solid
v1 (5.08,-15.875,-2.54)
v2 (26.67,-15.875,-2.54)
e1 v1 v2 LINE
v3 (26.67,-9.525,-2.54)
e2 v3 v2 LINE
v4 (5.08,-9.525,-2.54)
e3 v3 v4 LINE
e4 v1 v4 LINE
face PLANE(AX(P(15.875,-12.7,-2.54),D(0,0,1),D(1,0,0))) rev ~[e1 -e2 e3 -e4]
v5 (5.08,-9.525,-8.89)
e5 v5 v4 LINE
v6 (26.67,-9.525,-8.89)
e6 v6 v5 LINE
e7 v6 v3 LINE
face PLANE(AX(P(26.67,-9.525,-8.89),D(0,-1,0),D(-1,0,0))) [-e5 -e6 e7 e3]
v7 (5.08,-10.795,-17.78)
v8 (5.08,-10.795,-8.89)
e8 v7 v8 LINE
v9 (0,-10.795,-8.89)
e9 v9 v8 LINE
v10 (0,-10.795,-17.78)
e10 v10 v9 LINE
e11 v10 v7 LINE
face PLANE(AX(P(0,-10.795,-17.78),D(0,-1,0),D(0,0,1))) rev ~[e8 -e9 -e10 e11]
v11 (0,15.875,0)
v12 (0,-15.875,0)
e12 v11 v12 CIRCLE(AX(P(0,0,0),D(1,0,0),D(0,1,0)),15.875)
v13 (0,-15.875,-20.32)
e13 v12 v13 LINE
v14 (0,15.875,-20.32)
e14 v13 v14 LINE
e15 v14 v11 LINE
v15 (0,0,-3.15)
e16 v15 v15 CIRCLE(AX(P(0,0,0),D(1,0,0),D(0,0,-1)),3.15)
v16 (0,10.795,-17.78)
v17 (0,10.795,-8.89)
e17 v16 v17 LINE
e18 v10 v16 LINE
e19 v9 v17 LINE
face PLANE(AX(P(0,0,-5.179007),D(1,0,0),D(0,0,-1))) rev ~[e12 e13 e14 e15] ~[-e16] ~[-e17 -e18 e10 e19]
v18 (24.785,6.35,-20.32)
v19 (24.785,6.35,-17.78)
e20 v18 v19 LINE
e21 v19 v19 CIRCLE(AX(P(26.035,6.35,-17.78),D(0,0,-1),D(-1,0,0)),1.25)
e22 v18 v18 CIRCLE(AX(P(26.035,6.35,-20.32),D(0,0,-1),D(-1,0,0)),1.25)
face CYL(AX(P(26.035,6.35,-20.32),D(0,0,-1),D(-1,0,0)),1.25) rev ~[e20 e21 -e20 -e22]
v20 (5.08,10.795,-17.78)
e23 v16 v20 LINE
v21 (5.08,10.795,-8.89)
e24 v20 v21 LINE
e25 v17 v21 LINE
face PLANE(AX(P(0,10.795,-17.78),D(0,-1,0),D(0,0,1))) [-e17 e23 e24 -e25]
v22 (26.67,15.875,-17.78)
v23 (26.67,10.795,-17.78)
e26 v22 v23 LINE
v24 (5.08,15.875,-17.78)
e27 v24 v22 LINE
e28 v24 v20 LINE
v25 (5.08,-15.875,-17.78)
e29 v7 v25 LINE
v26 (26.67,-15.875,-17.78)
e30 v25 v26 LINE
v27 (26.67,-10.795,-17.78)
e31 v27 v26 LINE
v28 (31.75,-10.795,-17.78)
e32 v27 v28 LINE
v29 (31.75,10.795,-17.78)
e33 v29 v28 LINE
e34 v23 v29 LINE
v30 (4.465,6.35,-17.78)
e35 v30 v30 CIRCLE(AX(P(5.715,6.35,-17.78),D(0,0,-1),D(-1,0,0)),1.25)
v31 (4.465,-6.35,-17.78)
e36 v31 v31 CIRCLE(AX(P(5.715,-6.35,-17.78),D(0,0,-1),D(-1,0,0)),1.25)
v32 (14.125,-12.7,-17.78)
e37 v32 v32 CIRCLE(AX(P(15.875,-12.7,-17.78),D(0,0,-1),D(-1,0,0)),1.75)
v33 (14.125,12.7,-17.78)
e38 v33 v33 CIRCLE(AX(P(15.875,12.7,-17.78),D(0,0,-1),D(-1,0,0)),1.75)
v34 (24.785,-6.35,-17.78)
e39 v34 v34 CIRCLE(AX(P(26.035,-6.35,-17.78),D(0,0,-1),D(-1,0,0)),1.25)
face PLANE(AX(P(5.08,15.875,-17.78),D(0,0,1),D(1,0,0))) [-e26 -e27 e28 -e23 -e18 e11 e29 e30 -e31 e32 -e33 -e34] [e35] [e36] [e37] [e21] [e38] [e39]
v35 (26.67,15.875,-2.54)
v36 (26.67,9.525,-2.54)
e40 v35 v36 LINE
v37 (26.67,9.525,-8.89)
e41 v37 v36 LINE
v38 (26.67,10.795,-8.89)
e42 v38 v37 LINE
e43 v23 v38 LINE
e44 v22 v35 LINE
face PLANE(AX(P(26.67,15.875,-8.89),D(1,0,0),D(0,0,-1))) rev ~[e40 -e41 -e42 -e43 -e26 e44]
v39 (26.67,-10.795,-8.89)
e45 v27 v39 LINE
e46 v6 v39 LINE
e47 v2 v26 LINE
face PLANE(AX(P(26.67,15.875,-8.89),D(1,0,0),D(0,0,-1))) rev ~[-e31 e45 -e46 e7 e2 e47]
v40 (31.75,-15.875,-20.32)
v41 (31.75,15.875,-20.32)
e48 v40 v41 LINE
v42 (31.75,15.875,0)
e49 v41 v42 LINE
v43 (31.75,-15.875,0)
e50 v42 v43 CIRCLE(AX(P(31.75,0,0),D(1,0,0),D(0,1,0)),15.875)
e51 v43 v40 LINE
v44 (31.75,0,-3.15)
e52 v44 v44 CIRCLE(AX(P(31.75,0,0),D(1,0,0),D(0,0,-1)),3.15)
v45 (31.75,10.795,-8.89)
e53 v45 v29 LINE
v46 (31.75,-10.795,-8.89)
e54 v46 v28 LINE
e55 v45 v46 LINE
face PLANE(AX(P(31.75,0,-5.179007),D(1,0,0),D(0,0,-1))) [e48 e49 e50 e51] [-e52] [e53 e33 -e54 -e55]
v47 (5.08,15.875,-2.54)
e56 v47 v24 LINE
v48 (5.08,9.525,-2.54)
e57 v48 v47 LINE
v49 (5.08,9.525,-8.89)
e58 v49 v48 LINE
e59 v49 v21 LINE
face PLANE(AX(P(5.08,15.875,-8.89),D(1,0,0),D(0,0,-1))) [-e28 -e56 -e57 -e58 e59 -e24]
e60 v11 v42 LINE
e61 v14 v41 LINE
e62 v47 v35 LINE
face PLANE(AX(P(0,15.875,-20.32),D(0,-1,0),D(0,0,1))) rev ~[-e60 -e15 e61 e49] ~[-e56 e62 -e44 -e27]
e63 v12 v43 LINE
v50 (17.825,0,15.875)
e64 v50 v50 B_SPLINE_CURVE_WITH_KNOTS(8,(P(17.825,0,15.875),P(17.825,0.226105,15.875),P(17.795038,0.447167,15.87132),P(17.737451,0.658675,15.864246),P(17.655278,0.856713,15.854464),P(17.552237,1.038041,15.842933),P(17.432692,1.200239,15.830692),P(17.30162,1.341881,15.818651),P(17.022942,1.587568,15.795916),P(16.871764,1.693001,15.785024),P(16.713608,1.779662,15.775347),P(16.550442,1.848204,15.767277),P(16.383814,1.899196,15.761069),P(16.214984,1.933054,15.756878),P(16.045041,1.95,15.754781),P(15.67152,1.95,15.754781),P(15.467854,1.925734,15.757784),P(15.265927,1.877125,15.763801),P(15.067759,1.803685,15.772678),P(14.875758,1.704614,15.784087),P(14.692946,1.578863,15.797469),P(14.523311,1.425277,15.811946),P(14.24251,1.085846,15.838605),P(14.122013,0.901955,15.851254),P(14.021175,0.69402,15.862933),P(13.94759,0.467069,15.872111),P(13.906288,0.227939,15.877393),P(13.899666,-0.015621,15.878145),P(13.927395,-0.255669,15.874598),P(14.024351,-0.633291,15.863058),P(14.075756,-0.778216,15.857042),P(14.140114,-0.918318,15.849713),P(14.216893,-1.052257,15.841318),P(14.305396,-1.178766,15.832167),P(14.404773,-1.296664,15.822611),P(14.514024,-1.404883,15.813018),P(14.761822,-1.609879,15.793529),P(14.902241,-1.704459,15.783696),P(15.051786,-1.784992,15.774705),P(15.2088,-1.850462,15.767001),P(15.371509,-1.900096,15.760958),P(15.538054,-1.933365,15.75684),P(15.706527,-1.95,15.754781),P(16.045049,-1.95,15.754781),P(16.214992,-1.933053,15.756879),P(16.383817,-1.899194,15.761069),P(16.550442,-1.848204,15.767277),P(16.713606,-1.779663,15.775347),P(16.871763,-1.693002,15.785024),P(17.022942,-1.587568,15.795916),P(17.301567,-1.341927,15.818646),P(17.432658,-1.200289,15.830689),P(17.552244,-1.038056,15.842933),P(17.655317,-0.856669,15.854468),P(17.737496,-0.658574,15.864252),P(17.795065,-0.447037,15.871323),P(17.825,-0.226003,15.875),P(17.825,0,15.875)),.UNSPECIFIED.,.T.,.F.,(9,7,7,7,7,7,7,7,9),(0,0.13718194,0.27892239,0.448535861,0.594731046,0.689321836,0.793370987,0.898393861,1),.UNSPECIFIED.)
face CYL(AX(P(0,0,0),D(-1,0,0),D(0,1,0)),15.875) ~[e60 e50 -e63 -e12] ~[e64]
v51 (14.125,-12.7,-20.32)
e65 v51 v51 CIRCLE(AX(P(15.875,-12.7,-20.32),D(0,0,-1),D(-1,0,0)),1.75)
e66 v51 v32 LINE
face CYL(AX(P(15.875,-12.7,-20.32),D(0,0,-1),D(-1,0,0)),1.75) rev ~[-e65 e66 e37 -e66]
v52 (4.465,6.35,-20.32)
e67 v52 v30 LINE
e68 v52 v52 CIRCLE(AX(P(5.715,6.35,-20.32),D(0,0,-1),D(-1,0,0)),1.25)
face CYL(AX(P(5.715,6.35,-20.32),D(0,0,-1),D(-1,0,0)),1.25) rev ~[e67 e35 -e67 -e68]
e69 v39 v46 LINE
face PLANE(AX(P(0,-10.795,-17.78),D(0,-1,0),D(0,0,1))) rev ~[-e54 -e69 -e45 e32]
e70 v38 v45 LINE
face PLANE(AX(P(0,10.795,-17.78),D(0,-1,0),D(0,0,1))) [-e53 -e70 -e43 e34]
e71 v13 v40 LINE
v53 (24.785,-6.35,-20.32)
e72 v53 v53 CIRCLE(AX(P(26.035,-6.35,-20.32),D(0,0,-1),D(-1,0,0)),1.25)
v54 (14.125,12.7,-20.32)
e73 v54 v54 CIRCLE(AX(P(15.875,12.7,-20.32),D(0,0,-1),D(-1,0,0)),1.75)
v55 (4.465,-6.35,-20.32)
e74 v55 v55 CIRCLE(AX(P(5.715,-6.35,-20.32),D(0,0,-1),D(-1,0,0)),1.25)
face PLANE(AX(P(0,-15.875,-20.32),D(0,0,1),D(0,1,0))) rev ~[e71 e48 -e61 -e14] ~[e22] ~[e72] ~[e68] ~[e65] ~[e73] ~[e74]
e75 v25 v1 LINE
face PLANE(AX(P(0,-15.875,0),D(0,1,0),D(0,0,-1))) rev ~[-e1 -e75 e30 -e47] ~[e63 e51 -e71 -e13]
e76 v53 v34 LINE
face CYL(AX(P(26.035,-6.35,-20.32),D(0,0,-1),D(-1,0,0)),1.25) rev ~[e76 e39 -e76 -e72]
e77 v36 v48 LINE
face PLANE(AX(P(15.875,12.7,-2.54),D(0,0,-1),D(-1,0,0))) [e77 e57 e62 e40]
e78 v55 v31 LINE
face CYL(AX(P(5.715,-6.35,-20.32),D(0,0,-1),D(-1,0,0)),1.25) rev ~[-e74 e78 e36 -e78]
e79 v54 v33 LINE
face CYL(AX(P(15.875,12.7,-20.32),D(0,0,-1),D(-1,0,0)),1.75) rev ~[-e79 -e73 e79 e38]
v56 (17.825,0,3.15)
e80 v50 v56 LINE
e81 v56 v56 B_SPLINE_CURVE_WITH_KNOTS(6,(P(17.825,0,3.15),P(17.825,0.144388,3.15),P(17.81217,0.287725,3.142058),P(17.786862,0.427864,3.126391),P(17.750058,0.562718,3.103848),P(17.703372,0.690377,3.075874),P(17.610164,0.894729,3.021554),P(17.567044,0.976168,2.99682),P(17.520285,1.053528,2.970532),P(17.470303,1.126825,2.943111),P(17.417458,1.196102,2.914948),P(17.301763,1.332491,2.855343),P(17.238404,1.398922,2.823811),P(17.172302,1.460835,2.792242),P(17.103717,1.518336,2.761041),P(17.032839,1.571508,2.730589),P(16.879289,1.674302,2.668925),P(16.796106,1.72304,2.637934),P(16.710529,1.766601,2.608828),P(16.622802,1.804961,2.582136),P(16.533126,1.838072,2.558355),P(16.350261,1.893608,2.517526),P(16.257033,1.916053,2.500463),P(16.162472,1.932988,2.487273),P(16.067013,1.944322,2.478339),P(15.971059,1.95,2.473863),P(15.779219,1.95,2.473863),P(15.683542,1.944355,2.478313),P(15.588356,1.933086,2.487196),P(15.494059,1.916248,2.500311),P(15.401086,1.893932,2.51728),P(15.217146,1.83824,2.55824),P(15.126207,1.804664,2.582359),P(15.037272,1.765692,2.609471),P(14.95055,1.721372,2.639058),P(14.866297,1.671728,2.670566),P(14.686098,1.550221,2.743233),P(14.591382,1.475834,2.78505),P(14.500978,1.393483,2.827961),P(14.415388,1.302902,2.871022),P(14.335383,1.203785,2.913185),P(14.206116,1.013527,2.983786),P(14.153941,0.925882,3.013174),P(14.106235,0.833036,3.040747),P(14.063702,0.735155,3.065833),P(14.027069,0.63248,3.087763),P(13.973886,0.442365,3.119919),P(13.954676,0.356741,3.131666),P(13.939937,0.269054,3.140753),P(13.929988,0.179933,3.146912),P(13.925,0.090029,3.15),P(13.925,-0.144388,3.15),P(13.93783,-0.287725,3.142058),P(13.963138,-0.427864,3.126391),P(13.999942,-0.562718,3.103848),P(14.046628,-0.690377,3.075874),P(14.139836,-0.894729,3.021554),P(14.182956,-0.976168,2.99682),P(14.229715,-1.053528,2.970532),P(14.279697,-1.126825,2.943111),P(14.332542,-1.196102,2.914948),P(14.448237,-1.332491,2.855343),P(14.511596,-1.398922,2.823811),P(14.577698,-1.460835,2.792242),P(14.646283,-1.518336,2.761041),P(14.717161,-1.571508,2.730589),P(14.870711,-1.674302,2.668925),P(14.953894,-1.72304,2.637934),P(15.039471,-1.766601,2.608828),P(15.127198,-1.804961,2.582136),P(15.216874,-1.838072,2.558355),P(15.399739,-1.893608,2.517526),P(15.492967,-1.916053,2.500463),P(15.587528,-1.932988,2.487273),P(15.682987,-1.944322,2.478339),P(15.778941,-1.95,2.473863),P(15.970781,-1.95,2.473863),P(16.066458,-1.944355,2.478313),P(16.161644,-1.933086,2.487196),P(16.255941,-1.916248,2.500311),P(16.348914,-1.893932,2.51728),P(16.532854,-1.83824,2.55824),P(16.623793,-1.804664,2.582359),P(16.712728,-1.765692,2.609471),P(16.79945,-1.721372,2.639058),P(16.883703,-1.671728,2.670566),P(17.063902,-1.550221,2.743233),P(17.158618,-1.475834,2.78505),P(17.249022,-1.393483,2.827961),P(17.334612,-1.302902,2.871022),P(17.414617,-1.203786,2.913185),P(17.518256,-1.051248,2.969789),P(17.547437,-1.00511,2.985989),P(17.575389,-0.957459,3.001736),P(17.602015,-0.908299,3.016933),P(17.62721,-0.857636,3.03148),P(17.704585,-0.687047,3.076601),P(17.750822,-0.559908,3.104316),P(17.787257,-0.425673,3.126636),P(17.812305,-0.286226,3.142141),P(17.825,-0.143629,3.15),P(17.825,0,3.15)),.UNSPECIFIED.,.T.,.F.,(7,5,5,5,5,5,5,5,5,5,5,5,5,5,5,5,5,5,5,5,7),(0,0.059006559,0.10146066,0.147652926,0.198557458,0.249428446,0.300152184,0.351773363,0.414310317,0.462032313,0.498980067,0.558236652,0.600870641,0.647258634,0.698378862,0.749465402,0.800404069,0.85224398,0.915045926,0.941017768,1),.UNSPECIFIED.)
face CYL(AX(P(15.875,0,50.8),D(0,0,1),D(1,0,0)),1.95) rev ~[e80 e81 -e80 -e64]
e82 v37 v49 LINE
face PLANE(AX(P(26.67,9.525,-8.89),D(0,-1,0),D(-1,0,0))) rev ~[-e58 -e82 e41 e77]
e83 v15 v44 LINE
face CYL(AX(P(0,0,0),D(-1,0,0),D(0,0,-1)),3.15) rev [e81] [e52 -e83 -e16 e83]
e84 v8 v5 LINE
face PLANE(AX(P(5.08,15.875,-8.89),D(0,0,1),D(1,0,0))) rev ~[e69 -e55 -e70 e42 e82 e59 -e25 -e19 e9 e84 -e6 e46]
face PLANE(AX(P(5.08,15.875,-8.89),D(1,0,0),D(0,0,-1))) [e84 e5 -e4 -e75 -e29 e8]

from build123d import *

# Parameters (mm, degrees)
SKETCH1_R               = 3.15
BOSS_EXTRUDE1_DEPTH     = 31.75
SKETCH4_W               = 8.89
SKETCH4_H               = 21.59
CUT_EXTRUDE1_DEPTH      = 41.902084605
SKETCH2_R               = 1.25
CUT_EXTRUDE2_DEPTH      = 2.54
SKETCH5_W               = 21.59
SKETCH5_H               = 8.89
CUT_EXTRUDE3_DEPTH      = 50.285164096
SKETCH6_R               = 1.75
CUT_EXTRUDE4_DEPTH      = 2.54
CUT_EXTRUDE5_REACH      = 81.487
CUT_EXTRUDE5_END_RADIUS = 3.15
SKETCH7_R               = 1.95
CUT_EXTRUDE6_DEPTH      = 6.35


with BuildPart() as part:
    # Sketch1 → Boss-Extrude1 (new body)
    with BuildSketch(Plane(origin=(0, 0, 0), x_dir=(0, 0, -1), z_dir=(1, 0, 0))):
        with BuildLine():
            Line((20.32, 15.875), (0, 15.875))
            ThreePointArc((0, 15.875), (-15.875, 0), (0, -15.875))
            Line((0, -15.875), (20.32, -15.875))
            Line((20.32, -15.875), (20.32, 15.875))
        make_face()
        Circle(SKETCH1_R, mode=Mode.SUBTRACT)
    extrude(amount=BOSS_EXTRUDE1_DEPTH)

    # Sketch4 → Cut-Extrude1 (cut, through all)
    with BuildSketch(Plane.ZY):
        with Locations((-13.335, 0)):
            Rectangle(SKETCH4_W, SKETCH4_H)
    extrude(amount=-CUT_EXTRUDE1_DEPTH, mode=Mode.SUBTRACT)

    # Sketch2 → Cut-Extrude2 (cut)
    with BuildSketch(Plane(origin=(0, 0, -20.32), x_dir=(-1, 0, 0), z_dir=(0, 0, -1))):
        with Locations((-26.035, 6.35)):
            Circle(SKETCH2_R)
        with Locations((-5.715, 6.35)):
            Circle(SKETCH2_R)
        with Locations((-5.715, -6.35)):
            Circle(SKETCH2_R)
        with Locations((-26.035, -6.35)):
            Circle(SKETCH2_R)
    extrude(amount=-CUT_EXTRUDE2_DEPTH, mode=Mode.SUBTRACT)

    # Sketch5 → Cut-Extrude3 (cut, through all)
    with BuildSketch(Plane(origin=(0, 15.875, 0), x_dir=(1, 0, 0), z_dir=(0, 1, 0))):
        with Locations((15.875, 13.335)):
            Rectangle(SKETCH5_W, SKETCH5_H)
    extrude(amount=-CUT_EXTRUDE3_DEPTH, mode=Mode.SUBTRACT)

    # Sketch6 → Cut-Extrude4 (cut)
    with BuildSketch(Plane(origin=(0, 0, -20.32), x_dir=(-1, 0, 0), z_dir=(0, 0, -1))):
        with Locations((-15.875, 12.7)):
            Circle(SKETCH6_R)
        with Locations((-15.875, -12.7)):
            Circle(SKETCH6_R)
    extrude(amount=-CUT_EXTRUDE4_DEPTH, mode=Mode.SUBTRACT)

    # Cut-Extrude5: up to this cylinder (the profile starts outside it)
    cut_extrude5_end = Plane(origin=(15.875, 0, 0), z_dir=(-1, 0, 0)) * Cylinder(CUT_EXTRUDE5_END_RADIUS, 170.274, mode=Mode.PRIVATE)
    # Sketch7 → Cut-Extrude5 (cut, up to the surface)
    with BuildSketch(Plane.XY.offset(50.8), mode=Mode.PRIVATE) as cut_extrude5_sk1:
        with Locations((15.875, 0)):
            Circle(SKETCH7_R)
    cut_extrude5_tool1 = extrude(cut_extrude5_sk1.sketch, amount=-CUT_EXTRUDE5_REACH, mode=Mode.PRIVATE) - cut_extrude5_end
    add(cut_extrude5_tool1.solids().sort_by_distance((15.875, 0, 50.8))[0], mode=Mode.SUBTRACT)

    # Sketch8 → Cut-Extrude6 (cut)
    with BuildSketch(Plane(origin=(0, 0, -8.89), x_dir=(-1, 0, 0), z_dir=(0, 0, -1))):
        Polygon((-26.67, 9.525), (-5.08, 9.525), (-5.08, 10.795), (-5.08, 15.875), (-26.67, 15.875), (-26.67, 10.795), align=None)
        Polygon((-26.67, -9.525), (-5.08, -9.525), (-5.08, -10.795), (-5.08, -15.875), (-26.67, -15.875), (-26.67, -10.795), align=None)
    extrude(amount=-CUT_EXTRUDE6_DEPTH, mode=Mode.SUBTRACT)


solid = part.part
